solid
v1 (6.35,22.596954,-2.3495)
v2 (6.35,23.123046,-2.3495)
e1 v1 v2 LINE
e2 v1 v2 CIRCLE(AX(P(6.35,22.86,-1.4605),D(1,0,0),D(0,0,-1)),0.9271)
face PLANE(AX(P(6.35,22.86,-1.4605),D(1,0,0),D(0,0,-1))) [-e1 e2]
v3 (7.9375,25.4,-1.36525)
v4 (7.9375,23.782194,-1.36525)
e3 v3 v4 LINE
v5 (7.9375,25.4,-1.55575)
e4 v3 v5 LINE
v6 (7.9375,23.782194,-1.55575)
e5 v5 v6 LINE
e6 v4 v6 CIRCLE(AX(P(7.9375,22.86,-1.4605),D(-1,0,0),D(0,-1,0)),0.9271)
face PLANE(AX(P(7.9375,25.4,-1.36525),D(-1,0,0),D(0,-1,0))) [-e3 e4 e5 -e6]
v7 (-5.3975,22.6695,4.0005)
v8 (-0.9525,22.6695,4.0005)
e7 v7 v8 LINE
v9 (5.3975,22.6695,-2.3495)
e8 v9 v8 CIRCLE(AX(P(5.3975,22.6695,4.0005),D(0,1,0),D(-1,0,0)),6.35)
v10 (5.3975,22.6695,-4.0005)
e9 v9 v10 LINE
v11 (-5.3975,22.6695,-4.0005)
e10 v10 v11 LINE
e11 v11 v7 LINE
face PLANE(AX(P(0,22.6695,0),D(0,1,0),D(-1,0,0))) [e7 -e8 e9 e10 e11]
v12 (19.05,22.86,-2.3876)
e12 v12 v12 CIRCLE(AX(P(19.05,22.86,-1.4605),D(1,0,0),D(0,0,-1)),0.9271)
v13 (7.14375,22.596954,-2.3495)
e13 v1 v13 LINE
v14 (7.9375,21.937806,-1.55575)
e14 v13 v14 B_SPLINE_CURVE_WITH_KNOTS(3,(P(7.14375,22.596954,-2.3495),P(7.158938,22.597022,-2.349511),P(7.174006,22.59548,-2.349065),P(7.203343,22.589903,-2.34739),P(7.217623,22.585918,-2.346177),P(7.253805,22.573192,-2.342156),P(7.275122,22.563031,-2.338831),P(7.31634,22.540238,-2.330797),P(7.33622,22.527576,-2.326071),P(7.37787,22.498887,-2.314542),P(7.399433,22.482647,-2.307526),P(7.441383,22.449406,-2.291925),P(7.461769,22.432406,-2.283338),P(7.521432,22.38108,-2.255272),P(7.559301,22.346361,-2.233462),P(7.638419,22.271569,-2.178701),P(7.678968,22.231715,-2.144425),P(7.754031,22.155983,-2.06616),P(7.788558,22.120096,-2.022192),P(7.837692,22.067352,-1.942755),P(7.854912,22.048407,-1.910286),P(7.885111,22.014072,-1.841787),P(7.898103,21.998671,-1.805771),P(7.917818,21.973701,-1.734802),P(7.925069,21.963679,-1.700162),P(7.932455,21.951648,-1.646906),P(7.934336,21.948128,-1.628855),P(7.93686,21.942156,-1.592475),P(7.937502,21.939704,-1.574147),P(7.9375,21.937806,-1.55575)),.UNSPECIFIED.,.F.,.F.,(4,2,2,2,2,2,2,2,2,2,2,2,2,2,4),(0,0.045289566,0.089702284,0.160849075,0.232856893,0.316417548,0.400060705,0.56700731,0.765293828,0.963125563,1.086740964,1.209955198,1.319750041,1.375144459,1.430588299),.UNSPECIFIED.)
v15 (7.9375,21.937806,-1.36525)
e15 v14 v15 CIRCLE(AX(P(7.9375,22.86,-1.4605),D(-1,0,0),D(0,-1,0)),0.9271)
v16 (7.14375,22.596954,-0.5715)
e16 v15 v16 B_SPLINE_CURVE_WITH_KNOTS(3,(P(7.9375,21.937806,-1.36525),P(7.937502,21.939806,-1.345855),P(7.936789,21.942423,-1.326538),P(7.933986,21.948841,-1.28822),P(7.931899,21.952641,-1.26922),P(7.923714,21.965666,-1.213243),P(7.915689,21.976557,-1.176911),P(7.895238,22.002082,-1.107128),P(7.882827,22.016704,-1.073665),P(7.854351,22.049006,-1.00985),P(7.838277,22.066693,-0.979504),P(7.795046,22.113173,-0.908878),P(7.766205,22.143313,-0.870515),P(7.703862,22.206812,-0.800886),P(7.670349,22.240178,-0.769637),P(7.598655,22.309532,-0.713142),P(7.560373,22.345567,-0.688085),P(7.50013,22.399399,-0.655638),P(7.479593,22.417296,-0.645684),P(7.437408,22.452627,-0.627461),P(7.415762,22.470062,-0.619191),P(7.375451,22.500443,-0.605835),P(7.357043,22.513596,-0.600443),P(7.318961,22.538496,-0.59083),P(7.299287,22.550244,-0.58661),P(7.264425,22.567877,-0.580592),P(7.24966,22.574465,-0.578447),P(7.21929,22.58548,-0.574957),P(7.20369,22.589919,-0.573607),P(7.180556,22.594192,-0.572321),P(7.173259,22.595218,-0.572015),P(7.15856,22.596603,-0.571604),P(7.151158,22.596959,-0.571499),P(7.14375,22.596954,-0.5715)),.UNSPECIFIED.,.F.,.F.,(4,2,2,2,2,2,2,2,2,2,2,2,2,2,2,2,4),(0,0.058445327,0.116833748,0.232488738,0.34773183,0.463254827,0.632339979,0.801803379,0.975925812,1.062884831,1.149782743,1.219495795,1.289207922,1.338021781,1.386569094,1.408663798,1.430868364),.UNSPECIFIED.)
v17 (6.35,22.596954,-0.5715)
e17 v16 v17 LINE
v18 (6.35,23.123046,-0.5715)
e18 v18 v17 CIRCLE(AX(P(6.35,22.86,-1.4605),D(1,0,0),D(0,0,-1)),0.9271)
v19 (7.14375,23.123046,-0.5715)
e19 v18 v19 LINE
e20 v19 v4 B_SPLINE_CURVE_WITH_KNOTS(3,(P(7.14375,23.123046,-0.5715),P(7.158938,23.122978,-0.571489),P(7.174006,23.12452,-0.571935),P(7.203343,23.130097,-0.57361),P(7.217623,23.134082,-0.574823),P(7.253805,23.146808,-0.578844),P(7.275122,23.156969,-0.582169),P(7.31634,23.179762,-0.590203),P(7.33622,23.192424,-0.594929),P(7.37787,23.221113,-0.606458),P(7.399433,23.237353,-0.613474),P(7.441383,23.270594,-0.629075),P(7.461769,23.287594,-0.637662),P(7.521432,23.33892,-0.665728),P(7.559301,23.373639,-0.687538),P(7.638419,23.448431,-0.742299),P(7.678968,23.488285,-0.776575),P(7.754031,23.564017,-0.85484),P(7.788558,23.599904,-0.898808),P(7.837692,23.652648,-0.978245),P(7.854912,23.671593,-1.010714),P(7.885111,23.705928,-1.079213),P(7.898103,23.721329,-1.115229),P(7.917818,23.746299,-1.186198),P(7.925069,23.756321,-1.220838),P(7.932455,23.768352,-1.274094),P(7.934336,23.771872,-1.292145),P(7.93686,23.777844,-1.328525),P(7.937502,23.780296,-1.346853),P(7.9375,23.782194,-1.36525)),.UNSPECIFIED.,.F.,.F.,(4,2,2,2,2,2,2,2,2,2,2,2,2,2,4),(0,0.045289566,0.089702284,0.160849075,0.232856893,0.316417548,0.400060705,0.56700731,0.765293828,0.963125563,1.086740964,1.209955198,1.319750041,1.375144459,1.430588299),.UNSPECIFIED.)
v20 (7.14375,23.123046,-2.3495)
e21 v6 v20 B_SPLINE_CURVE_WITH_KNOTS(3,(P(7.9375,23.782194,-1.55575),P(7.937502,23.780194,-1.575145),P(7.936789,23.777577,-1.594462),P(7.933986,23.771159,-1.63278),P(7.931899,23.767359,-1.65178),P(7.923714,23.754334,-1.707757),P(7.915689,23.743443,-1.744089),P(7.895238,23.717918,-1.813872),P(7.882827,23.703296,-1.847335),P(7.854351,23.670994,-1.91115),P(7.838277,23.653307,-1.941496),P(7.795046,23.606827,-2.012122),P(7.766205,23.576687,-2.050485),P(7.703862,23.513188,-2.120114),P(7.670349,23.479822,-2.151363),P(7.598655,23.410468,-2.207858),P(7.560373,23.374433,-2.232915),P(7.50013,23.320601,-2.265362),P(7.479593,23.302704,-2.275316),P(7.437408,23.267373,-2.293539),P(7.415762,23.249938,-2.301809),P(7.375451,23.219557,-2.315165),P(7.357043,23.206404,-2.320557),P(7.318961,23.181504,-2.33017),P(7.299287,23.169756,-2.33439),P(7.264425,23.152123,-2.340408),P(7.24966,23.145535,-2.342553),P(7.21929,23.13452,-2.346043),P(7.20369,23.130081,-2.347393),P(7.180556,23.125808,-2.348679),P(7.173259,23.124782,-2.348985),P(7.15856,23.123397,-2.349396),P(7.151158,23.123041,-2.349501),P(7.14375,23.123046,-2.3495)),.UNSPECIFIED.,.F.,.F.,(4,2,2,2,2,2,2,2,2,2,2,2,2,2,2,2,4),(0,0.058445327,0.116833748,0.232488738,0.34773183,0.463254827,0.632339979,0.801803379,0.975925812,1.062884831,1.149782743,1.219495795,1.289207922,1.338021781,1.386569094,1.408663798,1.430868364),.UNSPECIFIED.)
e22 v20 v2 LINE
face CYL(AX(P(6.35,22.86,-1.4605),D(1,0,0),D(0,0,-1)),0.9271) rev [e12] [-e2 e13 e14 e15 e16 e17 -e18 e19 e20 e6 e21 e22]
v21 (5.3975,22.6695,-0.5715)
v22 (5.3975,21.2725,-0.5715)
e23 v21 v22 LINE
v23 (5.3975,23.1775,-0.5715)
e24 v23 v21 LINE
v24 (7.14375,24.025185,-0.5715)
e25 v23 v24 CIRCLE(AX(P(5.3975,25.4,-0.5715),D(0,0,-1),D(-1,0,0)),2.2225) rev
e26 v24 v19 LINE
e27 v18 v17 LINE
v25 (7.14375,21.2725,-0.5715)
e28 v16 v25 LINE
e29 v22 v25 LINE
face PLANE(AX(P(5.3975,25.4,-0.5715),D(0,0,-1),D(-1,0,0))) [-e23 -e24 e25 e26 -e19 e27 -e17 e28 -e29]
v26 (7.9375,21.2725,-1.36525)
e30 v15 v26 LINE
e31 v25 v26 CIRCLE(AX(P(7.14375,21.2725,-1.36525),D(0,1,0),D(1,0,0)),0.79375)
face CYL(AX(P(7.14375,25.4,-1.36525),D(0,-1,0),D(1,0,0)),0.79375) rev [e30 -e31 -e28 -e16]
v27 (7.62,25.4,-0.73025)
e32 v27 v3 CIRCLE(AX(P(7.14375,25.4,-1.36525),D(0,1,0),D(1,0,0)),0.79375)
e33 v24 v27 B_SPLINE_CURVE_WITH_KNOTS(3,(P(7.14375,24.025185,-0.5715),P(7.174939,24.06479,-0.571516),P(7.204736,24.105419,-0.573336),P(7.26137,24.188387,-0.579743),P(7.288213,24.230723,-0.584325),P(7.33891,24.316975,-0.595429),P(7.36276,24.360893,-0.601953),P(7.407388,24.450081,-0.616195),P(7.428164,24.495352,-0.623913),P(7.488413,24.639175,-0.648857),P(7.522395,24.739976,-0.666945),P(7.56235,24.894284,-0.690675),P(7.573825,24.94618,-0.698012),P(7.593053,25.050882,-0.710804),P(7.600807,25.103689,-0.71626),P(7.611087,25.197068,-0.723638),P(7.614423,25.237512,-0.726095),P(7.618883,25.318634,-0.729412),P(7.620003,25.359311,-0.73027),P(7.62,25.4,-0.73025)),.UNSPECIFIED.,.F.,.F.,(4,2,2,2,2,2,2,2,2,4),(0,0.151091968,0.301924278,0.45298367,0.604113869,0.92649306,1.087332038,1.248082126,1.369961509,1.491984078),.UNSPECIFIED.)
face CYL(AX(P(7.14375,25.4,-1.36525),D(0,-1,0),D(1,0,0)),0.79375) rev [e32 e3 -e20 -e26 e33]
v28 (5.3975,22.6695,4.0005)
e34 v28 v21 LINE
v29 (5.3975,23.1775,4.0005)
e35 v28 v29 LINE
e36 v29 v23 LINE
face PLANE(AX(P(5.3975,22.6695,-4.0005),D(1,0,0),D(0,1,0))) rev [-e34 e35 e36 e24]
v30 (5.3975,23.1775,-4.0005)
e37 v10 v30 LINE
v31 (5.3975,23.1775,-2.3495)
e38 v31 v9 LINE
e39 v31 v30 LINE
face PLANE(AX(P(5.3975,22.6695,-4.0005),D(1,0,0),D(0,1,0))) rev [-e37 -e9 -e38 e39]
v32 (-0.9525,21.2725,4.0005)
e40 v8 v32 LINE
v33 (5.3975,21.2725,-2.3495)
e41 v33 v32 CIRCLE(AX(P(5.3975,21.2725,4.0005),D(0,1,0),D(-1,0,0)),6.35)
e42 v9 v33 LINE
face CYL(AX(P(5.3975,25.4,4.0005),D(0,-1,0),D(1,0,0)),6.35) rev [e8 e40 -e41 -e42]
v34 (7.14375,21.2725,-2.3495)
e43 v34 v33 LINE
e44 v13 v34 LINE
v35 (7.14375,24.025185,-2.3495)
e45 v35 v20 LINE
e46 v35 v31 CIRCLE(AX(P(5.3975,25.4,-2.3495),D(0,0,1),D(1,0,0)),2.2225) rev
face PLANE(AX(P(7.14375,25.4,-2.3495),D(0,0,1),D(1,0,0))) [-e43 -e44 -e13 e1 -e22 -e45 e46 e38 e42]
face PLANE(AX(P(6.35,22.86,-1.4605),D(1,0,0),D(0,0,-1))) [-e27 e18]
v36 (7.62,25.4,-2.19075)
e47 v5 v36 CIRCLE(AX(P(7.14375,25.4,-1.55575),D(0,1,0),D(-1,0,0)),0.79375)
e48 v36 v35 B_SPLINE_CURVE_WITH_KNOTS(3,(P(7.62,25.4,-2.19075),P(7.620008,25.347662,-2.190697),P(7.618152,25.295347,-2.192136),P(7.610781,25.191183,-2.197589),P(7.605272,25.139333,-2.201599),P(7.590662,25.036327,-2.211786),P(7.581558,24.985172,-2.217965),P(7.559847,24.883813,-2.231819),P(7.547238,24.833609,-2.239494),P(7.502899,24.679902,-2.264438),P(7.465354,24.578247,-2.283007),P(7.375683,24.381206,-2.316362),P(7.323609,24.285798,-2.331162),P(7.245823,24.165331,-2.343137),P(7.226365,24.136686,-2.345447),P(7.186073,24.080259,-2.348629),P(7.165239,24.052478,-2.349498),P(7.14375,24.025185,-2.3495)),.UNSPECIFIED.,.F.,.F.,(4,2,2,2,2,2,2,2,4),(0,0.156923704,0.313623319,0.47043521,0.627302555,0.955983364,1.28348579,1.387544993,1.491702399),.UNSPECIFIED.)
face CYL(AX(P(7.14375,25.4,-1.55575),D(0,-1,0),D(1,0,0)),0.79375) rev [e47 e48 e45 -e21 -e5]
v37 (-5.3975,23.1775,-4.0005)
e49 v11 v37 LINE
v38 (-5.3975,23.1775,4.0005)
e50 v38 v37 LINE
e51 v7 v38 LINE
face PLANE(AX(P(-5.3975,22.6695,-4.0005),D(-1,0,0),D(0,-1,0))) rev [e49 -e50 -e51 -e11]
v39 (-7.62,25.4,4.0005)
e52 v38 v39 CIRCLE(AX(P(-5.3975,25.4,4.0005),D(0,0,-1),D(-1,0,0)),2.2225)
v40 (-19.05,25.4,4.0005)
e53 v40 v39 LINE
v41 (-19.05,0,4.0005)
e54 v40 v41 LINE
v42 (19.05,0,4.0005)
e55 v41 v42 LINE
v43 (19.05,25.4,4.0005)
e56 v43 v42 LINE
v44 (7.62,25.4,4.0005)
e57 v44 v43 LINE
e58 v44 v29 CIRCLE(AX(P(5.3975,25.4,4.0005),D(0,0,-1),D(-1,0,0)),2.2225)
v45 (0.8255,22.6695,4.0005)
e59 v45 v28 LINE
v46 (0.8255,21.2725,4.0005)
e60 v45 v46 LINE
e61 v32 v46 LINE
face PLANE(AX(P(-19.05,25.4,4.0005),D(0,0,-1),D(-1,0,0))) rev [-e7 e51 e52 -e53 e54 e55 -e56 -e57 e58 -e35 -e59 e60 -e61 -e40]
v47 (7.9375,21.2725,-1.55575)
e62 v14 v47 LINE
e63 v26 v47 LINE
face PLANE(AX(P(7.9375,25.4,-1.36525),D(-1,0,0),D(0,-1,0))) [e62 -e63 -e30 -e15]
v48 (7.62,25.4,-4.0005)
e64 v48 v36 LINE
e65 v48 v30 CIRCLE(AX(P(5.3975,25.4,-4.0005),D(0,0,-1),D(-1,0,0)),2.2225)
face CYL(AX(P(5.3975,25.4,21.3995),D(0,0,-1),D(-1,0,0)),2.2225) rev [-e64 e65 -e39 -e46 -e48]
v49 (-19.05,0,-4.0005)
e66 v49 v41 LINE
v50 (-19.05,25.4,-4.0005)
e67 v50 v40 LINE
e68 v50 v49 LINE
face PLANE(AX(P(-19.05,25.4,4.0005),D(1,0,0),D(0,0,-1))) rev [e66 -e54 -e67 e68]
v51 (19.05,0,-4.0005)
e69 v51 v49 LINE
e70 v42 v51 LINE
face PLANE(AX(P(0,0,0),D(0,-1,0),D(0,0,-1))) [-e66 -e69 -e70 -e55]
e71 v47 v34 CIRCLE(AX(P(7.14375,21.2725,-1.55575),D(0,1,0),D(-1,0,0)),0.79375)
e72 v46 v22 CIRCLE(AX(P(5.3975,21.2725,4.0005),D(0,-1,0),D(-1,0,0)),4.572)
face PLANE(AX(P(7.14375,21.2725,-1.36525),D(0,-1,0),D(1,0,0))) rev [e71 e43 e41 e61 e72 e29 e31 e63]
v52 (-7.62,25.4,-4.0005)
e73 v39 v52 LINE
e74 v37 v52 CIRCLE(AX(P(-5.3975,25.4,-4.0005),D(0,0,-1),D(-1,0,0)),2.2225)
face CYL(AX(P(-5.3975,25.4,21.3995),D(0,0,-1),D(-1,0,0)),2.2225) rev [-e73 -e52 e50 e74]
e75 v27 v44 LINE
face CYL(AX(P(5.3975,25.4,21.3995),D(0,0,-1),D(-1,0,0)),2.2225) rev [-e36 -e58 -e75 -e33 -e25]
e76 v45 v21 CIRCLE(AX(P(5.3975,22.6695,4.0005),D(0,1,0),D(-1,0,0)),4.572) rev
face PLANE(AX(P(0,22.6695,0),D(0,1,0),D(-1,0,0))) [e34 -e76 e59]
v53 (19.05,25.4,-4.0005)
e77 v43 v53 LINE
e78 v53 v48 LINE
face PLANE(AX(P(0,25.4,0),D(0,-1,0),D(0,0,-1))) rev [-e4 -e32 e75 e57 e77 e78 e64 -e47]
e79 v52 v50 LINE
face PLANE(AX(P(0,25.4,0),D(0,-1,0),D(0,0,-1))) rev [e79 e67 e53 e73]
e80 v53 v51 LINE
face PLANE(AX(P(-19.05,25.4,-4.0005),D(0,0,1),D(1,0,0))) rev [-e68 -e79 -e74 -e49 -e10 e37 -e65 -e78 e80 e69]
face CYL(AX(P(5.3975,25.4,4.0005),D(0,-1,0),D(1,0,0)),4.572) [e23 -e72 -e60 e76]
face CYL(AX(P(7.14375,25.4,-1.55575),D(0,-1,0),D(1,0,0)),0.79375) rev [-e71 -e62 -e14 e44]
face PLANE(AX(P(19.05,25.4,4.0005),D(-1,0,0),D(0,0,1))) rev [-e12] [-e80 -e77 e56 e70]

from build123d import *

# Parameters (mm, degrees)
SKETCH1_W               = 38.1
SKETCH1_H               = 8.001
BOSS_EXTRUDE1_DEPTH     = 25.4
CUT_EXTRUDE1_DEPTH      = 25.4
CUT_EXTRUDE2_DEPTH      = 31.267193568
CUT_EXTRUDE2_DEPTH_BACK = 1.905
SKETCH5_R               = 0.9271
CUT_EXTRUDE3_DEPTH      = 12.7
SKETCH6_W               = 10.795
SKETCH6_H               = 8.001
CUT_EXTRUDE4_DEPTH      = 0.508


with BuildPart() as part:
    # Sketch1 → Boss-Extrude1 (new body)
    with BuildSketch(Plane(origin=(0, 0, 0), x_dir=(1, 0, 0), z_dir=(0, 1, 0))):
        Rectangle(SKETCH1_W, SKETCH1_H)
    extrude(amount=BOSS_EXTRUDE1_DEPTH)

    # Sketch2 → Cut-Extrude1 (cut)
    with BuildSketch(Plane(origin=(0, 0, -4.0005), x_dir=(-1, 0, 0), z_dir=(0, 0, -1))):
        with BuildLine():
            Line((5.3975, 23.1775), (-5.3975, 23.1775))
            ThreePointArc((-5.3975, 23.1775), (-7.62, 25.4), (-5.3975, 27.6225))
            Line((-5.3975, 27.6225), (5.3975, 27.6225))
            ThreePointArc((5.3975, 27.6225), (7.62, 25.4), (5.3975, 23.1775))
        make_face()
    extrude(amount=-CUT_EXTRUDE1_DEPTH, mode=Mode.SUBTRACT)

    # Sketch4 → Cut-Extrude2 (cut, two sides: drawn at the far end of the back side and taken through both)
    with BuildSketch(Plane(origin=(0, 23.1775, 0), x_dir=(1, 0, 0), z_dir=(0, 1, 0)).offset(-CUT_EXTRUDE2_DEPTH_BACK)):
        with BuildLine():
            Line((0.8255, -4.0005), (-0.9525, -4.0005))
            ThreePointArc((-0.9525, -4.0005), (0.907371939, 0.489628061), (5.3975, 2.3495))
            Line((5.3975, 2.3495), (7.14375, 2.3495))
            ThreePointArc((7.14375, 2.3495), (7.705016008, 2.117016008), (7.9375, 1.55575))
            Line((7.9375, 1.55575), (7.9375, 1.36525))
            ThreePointArc((7.9375, 1.36525), (7.705016008, 0.803983992), (7.14375, 0.5715))
            Line((7.14375, 0.5715), (5.3975, 0.5715))
            ThreePointArc((5.3975, 0.5715), (2.164607796, -0.767607796), (0.8255, -4.0005))
        make_face()
    extrude(amount=CUT_EXTRUDE2_DEPTH + CUT_EXTRUDE2_DEPTH_BACK, mode=Mode.SUBTRACT)

    # Sketch5 → Cut-Extrude3 (cut)
    with BuildSketch(Plane(origin=(19.05, 0, 0), x_dir=(0, 0, -1), z_dir=(1, 0, 0))):
        with Locations((1.4605, 22.86)):
            Circle(SKETCH5_R)
    extrude(amount=-CUT_EXTRUDE3_DEPTH, mode=Mode.SUBTRACT)

    # Sketch6 → Cut-Extrude4 (cut)
    with BuildSketch(Plane(origin=(0, 23.1775, 0), x_dir=(1, 0, 0), z_dir=(0, 1, 0))):
        Rectangle(SKETCH6_W, SKETCH6_H)
    extrude(amount=-CUT_EXTRUDE4_DEPTH, mode=Mode.SUBTRACT)


solid = part.part
